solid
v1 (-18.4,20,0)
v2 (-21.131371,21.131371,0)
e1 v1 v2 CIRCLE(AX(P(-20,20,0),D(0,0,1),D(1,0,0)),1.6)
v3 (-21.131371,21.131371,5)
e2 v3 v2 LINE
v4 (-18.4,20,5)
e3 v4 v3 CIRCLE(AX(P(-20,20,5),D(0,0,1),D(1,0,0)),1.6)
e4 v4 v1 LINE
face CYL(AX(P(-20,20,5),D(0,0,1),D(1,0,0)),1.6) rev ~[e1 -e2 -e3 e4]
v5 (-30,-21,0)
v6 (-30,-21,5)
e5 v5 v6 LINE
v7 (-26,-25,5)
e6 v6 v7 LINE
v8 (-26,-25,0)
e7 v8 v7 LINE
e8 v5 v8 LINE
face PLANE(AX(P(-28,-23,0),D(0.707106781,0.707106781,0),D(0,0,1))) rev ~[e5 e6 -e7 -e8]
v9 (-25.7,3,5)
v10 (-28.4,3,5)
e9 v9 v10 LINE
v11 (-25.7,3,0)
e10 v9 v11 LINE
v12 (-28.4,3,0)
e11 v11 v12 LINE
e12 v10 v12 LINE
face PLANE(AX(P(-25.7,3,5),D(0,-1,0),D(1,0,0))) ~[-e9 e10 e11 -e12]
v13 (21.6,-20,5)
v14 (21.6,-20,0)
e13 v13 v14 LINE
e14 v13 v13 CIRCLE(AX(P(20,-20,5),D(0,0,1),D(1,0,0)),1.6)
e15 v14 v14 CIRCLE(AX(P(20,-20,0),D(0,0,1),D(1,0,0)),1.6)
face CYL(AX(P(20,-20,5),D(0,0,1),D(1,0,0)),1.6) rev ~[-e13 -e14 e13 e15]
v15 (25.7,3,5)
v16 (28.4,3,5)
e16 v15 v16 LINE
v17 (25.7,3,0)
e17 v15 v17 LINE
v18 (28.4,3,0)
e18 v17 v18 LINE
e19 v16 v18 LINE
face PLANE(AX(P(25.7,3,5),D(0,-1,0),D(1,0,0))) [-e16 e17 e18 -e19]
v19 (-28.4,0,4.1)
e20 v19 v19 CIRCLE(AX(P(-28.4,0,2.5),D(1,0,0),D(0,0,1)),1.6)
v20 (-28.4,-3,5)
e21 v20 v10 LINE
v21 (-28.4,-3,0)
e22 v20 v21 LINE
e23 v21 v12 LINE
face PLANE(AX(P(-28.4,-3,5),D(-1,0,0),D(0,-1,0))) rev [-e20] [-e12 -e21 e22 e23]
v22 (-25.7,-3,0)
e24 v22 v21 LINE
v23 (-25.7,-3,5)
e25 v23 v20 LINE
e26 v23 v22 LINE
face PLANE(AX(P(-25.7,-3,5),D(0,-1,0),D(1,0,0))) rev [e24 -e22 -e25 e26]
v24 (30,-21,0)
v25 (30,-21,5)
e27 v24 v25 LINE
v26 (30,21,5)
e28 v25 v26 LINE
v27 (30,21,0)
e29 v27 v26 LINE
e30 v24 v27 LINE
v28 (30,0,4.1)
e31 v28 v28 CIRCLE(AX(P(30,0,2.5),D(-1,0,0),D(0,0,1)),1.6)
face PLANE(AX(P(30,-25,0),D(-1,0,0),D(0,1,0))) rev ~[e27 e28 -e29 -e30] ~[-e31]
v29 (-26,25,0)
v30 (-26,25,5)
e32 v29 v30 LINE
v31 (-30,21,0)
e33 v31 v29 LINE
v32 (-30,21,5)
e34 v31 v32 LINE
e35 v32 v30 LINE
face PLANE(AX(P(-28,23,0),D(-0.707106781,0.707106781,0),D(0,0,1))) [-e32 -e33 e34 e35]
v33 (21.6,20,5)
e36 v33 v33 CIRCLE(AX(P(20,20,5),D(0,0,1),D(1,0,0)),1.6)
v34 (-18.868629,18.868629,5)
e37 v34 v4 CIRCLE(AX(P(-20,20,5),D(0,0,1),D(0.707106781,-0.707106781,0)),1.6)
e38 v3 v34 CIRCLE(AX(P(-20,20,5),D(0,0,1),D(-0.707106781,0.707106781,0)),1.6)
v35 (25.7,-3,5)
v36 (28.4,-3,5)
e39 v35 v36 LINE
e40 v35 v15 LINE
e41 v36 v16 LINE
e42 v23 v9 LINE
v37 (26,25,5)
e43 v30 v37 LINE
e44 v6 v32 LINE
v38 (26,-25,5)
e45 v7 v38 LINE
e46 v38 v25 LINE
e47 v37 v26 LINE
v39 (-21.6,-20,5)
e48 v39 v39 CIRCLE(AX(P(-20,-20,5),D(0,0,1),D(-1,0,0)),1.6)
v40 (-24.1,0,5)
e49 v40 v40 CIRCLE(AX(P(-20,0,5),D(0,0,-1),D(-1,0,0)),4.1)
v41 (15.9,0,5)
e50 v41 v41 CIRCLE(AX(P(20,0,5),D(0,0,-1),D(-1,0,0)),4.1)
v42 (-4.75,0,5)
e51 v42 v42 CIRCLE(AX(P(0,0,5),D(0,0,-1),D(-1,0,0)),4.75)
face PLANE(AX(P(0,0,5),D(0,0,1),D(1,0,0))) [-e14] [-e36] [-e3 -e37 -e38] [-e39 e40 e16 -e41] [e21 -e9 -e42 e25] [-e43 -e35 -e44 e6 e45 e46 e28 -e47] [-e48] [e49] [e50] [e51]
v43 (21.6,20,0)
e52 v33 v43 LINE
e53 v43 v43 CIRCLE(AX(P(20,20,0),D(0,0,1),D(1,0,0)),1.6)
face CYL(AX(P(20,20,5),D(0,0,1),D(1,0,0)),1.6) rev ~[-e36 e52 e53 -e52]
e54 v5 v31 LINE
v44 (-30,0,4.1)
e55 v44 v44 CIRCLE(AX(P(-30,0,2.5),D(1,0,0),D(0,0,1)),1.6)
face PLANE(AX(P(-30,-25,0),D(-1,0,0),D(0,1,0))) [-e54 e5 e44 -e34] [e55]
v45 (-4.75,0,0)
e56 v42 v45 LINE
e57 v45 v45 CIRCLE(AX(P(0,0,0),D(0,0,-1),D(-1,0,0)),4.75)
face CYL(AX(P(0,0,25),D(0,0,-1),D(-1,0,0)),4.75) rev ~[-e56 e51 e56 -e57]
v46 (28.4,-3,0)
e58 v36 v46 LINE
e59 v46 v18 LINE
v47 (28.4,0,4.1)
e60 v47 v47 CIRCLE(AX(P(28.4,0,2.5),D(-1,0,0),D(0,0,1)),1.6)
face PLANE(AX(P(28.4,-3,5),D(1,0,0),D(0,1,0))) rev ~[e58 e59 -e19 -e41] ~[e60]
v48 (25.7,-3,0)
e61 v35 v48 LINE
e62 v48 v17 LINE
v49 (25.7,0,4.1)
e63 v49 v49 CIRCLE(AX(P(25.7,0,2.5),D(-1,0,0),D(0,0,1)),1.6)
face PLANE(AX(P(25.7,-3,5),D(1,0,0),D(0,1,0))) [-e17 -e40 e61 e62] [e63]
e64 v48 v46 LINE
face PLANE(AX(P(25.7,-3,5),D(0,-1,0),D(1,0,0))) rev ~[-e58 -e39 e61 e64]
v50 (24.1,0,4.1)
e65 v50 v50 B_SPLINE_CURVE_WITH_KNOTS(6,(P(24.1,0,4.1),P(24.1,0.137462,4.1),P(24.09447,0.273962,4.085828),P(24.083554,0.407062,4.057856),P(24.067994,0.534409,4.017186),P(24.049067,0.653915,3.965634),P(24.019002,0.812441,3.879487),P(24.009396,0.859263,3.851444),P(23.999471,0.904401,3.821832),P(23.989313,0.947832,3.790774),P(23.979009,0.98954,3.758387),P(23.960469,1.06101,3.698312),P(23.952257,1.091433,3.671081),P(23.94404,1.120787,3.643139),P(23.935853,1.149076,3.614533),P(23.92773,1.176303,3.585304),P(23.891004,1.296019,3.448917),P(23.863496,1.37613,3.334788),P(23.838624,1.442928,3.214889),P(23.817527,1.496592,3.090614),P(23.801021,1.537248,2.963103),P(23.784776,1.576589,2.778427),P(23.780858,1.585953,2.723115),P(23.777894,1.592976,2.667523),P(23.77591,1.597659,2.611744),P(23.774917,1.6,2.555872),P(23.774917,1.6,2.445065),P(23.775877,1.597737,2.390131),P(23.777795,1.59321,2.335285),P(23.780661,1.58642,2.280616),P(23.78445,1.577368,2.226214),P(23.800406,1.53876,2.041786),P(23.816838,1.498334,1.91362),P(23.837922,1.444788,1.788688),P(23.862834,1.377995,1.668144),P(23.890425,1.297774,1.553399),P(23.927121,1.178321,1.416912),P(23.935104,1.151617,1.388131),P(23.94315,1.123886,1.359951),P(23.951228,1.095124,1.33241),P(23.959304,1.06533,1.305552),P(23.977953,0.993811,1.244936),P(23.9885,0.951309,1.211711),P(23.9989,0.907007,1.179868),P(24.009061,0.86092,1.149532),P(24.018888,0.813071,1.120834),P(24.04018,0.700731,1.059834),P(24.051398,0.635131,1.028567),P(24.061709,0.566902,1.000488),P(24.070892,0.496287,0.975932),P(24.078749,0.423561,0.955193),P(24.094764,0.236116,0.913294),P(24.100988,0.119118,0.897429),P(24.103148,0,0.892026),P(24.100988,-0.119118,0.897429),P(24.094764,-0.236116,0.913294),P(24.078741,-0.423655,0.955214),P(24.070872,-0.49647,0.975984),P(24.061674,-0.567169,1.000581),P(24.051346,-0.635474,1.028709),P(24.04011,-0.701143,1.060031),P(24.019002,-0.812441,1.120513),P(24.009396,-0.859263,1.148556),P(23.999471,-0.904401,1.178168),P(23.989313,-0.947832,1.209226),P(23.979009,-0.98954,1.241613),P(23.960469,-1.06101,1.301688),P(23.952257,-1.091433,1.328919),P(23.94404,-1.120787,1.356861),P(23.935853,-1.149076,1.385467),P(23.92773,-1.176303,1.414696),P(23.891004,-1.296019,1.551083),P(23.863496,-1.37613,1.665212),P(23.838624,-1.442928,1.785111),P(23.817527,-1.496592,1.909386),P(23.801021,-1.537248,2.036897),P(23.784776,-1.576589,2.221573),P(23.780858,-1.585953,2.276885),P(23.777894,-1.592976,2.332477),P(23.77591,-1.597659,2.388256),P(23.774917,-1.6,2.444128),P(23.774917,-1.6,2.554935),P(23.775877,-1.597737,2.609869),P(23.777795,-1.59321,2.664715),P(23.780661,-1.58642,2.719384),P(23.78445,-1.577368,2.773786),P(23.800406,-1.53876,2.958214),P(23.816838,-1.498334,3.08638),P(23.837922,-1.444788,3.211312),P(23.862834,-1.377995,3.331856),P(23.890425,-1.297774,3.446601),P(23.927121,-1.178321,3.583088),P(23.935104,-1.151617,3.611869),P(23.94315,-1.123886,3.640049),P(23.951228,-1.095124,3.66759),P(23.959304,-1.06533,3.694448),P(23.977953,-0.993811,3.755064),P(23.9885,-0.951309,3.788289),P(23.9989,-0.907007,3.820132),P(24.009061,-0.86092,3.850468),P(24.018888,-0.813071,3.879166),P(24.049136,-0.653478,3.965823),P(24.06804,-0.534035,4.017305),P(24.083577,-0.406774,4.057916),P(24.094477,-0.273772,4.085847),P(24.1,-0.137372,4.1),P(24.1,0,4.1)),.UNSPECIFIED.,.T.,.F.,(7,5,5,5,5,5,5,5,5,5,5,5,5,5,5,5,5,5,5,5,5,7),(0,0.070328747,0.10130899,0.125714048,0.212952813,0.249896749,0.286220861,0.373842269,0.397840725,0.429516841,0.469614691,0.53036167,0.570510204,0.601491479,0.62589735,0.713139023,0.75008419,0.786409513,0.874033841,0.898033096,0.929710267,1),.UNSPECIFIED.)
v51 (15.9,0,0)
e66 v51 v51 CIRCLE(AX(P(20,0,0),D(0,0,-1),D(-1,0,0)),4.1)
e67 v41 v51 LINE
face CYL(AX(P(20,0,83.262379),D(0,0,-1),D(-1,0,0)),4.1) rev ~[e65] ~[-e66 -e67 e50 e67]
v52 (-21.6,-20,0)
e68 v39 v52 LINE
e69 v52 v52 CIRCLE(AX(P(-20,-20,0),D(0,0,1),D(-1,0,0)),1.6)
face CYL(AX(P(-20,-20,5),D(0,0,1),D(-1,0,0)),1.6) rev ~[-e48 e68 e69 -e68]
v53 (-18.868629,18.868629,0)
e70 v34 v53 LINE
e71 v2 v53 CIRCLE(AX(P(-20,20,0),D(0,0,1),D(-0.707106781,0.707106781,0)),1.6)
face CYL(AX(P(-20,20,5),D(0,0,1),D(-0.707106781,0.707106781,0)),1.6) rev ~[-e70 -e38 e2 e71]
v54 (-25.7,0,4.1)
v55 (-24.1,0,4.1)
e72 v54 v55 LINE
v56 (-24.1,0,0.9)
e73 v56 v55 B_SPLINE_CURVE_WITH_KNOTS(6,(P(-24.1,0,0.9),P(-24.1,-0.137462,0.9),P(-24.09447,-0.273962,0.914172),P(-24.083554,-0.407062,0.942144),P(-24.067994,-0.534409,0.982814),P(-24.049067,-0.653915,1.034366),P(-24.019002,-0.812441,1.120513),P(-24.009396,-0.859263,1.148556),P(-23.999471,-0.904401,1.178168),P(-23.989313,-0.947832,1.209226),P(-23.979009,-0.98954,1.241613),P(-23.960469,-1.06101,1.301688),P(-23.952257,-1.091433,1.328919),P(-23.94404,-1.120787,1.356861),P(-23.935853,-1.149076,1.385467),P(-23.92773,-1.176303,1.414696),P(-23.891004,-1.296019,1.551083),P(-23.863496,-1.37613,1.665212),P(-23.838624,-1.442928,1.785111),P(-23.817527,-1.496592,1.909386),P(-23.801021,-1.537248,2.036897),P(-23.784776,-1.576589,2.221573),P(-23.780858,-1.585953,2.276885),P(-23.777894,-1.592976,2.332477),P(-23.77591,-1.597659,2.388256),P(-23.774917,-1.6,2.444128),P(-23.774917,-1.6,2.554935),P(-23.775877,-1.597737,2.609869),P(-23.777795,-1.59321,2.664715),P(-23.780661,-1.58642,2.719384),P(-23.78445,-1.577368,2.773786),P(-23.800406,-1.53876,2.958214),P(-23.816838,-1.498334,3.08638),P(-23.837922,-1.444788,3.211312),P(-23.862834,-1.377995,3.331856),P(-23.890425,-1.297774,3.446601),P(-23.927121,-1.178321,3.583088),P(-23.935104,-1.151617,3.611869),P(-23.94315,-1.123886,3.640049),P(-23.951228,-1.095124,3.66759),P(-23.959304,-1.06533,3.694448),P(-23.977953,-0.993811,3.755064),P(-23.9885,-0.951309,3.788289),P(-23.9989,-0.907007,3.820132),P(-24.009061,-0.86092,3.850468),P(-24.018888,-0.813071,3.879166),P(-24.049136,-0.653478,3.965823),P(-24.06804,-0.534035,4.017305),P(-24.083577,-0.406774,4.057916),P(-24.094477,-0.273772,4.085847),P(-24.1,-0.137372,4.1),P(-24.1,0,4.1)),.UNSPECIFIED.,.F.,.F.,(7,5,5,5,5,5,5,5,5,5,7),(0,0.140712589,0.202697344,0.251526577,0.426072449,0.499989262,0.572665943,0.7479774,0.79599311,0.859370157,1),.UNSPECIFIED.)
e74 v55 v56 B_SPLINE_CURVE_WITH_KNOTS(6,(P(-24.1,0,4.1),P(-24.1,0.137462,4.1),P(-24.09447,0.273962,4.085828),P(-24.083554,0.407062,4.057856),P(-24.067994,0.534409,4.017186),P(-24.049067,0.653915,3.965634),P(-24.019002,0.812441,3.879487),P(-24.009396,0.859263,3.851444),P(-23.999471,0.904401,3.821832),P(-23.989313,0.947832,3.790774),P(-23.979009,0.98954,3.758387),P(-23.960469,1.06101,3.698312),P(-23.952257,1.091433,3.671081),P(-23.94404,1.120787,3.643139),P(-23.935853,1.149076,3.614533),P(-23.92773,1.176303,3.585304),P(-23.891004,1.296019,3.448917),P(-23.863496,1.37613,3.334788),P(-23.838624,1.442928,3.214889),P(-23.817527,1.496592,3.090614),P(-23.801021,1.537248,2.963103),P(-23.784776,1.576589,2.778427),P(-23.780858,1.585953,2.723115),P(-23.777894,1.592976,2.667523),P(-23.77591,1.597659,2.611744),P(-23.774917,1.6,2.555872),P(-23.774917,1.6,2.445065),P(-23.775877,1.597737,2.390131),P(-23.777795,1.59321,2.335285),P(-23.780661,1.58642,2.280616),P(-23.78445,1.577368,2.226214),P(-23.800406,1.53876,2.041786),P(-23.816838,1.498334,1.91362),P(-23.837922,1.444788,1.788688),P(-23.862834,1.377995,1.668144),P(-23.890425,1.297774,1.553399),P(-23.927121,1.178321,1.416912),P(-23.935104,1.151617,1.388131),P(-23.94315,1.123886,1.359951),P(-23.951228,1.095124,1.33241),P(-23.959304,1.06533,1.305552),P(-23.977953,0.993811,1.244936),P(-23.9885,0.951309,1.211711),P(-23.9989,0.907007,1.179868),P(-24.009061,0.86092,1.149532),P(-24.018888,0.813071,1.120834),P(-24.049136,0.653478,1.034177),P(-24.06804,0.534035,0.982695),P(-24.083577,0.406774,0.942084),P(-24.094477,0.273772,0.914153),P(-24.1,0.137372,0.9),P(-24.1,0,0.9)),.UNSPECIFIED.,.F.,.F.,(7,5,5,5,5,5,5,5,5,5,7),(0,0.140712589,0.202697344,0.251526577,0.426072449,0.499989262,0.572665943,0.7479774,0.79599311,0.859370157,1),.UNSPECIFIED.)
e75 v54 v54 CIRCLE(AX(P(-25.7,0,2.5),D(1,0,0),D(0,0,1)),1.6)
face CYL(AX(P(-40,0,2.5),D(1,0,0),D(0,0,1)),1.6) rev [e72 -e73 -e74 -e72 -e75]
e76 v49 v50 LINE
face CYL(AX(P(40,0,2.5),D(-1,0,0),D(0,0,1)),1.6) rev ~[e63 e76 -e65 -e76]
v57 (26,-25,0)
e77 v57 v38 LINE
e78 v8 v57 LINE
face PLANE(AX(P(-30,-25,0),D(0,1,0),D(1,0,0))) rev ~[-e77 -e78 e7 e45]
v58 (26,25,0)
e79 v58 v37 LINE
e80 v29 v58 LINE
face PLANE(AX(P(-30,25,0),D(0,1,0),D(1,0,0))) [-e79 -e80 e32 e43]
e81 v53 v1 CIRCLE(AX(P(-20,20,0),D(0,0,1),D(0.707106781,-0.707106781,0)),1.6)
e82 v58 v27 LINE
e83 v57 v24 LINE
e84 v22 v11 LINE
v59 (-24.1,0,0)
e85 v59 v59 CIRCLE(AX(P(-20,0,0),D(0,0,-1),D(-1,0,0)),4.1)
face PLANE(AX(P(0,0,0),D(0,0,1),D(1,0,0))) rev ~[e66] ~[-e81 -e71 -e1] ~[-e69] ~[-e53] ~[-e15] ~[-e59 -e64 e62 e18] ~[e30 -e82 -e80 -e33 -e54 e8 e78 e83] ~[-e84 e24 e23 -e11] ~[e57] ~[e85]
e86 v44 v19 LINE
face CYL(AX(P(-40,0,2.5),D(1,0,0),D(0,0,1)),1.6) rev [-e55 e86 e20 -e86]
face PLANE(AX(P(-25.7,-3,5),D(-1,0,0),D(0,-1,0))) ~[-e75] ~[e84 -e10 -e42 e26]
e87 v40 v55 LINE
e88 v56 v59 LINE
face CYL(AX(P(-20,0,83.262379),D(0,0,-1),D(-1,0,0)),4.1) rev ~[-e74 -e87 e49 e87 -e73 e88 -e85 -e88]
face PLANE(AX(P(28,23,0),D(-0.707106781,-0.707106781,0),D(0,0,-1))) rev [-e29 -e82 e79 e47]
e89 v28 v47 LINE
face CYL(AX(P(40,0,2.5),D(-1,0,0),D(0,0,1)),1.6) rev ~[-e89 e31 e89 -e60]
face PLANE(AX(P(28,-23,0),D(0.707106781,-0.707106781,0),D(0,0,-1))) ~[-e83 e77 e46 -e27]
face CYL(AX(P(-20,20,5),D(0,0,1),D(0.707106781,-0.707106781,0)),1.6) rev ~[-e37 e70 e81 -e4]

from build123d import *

# Parameters (mm, degrees)
SKETCH_1_W          = 60
SKETCH_1_H          = 50
EXTRUDE_1_DEPTH     = 5
HOLE_WIZARD_1_D     = 9.5
HOLE_WIZARD_1_DEPTH = 20
CHAMFER_1_SIZE      = 4
SKETCH_15_R         = 1.6
CUT_EXTRUDE_1_DEPTH = 40.37003937
HOLE_WIZARD_2_D     = 8.2
SKETCH_19_W         = 2.7
SKETCH_19_H         = 6
CUT_EXTRUDE_2_DEPTH = 10
HOLE_WIZARD_3_D     = 3.2
HOLE_WIZARD_3_DEPTH = 10


with BuildPart() as part:
    # 草图1 → 凸台-拉伸1 (new body)
    with BuildSketch(Plane.XY):
        Rectangle(SKETCH_1_W, SKETCH_1_H)
    extrude(amount=EXTRUDE_1_DEPTH)

    # 孔1
    with Locations(Plane.XY.offset(5)):
        with Locations((0, 0)):
            Hole(HOLE_WIZARD_1_D / 2, depth=HOLE_WIZARD_1_DEPTH)

    # 倒角1
    chamfer_1_edges = [part.edges().sort_by_distance(p)[0] for p in [
        (30, -25, 2.5),
        (-30, -25, 2.5),
        (-30, 25, 2.5),
        (30, 25, 2.5),
    ]]
    chamfer(chamfer_1_edges, length=CHAMFER_1_SIZE)

    # 草图15 → 切除-拉伸1 (cut, through all)
    with BuildSketch(Plane.XY.offset(5)):
        with BuildLine():
            ThreePointArc((-21.13137085, 21.13137085), (-21.13137085, 18.86862915), (-18.86862915, 18.86862915))
            Line((-18.86862915, 18.86862915), (-21.13137085, 21.13137085))
        make_face()
        with BuildLine():
            Line((-21.13137085, 21.13137085), (-18.86862915, 18.86862915))
            ThreePointArc((-18.86862915, 18.86862915), (-18.521792748, 19.387706508), (-18.4, 20))
            ThreePointArc((-18.4, 20), (-19.387706508, 21.478207252), (-21.13137085, 21.13137085))
        make_face()
        with Locations((20, 20)):
            Circle(SKETCH_15_R)
        with Locations((20, -20)):
            Circle(SKETCH_15_R)
        with Locations(Location((-20, -20, 0), (0, 0, 180))):
            Circle(SKETCH_15_R)
    extrude(amount=-CUT_EXTRUDE_1_DEPTH, mode=Mode.SUBTRACT)

    # 孔2 (through all)
    with Locations(Plane.XY.offset(5)):
        with Locations((-20, 0), (20, 0)):
            Hole(HOLE_WIZARD_2_D / 2)

    # 草图19 → 切除-拉伸2 (cut)
    with BuildSketch(Plane.XY.offset(5)):
        with Locations((27.05, 0)):
            Rectangle(SKETCH_19_W, SKETCH_19_H)
    cut_extrude_2 = extrude(amount=-CUT_EXTRUDE_2_DEPTH, mode=Mode.SUBTRACT)

    # 孔3
    with Locations(Plane(origin=(30, 0, 0), x_dir=(0, 0, -1), z_dir=(1, 0, 0))):
        with Locations((-2.5, 0)):
            hole_wizard_3 = Hole(HOLE_WIZARD_3_D / 2, depth=HOLE_WIZARD_3_DEPTH)

    # 镜向1: 切除-拉伸2, 孔3 across plane
    add(cut_extrude_2.mirror(Plane(origin=(0, 0, 0), x_dir=(0, 0, 1), z_dir=(1, 0, 0))), mode=Mode.SUBTRACT)
    add(hole_wizard_3.mirror(Plane(origin=(0, 0, 0), x_dir=(0, 0, 1), z_dir=(1, 0, 0))), mode=Mode.SUBTRACT)


solid = part.part
